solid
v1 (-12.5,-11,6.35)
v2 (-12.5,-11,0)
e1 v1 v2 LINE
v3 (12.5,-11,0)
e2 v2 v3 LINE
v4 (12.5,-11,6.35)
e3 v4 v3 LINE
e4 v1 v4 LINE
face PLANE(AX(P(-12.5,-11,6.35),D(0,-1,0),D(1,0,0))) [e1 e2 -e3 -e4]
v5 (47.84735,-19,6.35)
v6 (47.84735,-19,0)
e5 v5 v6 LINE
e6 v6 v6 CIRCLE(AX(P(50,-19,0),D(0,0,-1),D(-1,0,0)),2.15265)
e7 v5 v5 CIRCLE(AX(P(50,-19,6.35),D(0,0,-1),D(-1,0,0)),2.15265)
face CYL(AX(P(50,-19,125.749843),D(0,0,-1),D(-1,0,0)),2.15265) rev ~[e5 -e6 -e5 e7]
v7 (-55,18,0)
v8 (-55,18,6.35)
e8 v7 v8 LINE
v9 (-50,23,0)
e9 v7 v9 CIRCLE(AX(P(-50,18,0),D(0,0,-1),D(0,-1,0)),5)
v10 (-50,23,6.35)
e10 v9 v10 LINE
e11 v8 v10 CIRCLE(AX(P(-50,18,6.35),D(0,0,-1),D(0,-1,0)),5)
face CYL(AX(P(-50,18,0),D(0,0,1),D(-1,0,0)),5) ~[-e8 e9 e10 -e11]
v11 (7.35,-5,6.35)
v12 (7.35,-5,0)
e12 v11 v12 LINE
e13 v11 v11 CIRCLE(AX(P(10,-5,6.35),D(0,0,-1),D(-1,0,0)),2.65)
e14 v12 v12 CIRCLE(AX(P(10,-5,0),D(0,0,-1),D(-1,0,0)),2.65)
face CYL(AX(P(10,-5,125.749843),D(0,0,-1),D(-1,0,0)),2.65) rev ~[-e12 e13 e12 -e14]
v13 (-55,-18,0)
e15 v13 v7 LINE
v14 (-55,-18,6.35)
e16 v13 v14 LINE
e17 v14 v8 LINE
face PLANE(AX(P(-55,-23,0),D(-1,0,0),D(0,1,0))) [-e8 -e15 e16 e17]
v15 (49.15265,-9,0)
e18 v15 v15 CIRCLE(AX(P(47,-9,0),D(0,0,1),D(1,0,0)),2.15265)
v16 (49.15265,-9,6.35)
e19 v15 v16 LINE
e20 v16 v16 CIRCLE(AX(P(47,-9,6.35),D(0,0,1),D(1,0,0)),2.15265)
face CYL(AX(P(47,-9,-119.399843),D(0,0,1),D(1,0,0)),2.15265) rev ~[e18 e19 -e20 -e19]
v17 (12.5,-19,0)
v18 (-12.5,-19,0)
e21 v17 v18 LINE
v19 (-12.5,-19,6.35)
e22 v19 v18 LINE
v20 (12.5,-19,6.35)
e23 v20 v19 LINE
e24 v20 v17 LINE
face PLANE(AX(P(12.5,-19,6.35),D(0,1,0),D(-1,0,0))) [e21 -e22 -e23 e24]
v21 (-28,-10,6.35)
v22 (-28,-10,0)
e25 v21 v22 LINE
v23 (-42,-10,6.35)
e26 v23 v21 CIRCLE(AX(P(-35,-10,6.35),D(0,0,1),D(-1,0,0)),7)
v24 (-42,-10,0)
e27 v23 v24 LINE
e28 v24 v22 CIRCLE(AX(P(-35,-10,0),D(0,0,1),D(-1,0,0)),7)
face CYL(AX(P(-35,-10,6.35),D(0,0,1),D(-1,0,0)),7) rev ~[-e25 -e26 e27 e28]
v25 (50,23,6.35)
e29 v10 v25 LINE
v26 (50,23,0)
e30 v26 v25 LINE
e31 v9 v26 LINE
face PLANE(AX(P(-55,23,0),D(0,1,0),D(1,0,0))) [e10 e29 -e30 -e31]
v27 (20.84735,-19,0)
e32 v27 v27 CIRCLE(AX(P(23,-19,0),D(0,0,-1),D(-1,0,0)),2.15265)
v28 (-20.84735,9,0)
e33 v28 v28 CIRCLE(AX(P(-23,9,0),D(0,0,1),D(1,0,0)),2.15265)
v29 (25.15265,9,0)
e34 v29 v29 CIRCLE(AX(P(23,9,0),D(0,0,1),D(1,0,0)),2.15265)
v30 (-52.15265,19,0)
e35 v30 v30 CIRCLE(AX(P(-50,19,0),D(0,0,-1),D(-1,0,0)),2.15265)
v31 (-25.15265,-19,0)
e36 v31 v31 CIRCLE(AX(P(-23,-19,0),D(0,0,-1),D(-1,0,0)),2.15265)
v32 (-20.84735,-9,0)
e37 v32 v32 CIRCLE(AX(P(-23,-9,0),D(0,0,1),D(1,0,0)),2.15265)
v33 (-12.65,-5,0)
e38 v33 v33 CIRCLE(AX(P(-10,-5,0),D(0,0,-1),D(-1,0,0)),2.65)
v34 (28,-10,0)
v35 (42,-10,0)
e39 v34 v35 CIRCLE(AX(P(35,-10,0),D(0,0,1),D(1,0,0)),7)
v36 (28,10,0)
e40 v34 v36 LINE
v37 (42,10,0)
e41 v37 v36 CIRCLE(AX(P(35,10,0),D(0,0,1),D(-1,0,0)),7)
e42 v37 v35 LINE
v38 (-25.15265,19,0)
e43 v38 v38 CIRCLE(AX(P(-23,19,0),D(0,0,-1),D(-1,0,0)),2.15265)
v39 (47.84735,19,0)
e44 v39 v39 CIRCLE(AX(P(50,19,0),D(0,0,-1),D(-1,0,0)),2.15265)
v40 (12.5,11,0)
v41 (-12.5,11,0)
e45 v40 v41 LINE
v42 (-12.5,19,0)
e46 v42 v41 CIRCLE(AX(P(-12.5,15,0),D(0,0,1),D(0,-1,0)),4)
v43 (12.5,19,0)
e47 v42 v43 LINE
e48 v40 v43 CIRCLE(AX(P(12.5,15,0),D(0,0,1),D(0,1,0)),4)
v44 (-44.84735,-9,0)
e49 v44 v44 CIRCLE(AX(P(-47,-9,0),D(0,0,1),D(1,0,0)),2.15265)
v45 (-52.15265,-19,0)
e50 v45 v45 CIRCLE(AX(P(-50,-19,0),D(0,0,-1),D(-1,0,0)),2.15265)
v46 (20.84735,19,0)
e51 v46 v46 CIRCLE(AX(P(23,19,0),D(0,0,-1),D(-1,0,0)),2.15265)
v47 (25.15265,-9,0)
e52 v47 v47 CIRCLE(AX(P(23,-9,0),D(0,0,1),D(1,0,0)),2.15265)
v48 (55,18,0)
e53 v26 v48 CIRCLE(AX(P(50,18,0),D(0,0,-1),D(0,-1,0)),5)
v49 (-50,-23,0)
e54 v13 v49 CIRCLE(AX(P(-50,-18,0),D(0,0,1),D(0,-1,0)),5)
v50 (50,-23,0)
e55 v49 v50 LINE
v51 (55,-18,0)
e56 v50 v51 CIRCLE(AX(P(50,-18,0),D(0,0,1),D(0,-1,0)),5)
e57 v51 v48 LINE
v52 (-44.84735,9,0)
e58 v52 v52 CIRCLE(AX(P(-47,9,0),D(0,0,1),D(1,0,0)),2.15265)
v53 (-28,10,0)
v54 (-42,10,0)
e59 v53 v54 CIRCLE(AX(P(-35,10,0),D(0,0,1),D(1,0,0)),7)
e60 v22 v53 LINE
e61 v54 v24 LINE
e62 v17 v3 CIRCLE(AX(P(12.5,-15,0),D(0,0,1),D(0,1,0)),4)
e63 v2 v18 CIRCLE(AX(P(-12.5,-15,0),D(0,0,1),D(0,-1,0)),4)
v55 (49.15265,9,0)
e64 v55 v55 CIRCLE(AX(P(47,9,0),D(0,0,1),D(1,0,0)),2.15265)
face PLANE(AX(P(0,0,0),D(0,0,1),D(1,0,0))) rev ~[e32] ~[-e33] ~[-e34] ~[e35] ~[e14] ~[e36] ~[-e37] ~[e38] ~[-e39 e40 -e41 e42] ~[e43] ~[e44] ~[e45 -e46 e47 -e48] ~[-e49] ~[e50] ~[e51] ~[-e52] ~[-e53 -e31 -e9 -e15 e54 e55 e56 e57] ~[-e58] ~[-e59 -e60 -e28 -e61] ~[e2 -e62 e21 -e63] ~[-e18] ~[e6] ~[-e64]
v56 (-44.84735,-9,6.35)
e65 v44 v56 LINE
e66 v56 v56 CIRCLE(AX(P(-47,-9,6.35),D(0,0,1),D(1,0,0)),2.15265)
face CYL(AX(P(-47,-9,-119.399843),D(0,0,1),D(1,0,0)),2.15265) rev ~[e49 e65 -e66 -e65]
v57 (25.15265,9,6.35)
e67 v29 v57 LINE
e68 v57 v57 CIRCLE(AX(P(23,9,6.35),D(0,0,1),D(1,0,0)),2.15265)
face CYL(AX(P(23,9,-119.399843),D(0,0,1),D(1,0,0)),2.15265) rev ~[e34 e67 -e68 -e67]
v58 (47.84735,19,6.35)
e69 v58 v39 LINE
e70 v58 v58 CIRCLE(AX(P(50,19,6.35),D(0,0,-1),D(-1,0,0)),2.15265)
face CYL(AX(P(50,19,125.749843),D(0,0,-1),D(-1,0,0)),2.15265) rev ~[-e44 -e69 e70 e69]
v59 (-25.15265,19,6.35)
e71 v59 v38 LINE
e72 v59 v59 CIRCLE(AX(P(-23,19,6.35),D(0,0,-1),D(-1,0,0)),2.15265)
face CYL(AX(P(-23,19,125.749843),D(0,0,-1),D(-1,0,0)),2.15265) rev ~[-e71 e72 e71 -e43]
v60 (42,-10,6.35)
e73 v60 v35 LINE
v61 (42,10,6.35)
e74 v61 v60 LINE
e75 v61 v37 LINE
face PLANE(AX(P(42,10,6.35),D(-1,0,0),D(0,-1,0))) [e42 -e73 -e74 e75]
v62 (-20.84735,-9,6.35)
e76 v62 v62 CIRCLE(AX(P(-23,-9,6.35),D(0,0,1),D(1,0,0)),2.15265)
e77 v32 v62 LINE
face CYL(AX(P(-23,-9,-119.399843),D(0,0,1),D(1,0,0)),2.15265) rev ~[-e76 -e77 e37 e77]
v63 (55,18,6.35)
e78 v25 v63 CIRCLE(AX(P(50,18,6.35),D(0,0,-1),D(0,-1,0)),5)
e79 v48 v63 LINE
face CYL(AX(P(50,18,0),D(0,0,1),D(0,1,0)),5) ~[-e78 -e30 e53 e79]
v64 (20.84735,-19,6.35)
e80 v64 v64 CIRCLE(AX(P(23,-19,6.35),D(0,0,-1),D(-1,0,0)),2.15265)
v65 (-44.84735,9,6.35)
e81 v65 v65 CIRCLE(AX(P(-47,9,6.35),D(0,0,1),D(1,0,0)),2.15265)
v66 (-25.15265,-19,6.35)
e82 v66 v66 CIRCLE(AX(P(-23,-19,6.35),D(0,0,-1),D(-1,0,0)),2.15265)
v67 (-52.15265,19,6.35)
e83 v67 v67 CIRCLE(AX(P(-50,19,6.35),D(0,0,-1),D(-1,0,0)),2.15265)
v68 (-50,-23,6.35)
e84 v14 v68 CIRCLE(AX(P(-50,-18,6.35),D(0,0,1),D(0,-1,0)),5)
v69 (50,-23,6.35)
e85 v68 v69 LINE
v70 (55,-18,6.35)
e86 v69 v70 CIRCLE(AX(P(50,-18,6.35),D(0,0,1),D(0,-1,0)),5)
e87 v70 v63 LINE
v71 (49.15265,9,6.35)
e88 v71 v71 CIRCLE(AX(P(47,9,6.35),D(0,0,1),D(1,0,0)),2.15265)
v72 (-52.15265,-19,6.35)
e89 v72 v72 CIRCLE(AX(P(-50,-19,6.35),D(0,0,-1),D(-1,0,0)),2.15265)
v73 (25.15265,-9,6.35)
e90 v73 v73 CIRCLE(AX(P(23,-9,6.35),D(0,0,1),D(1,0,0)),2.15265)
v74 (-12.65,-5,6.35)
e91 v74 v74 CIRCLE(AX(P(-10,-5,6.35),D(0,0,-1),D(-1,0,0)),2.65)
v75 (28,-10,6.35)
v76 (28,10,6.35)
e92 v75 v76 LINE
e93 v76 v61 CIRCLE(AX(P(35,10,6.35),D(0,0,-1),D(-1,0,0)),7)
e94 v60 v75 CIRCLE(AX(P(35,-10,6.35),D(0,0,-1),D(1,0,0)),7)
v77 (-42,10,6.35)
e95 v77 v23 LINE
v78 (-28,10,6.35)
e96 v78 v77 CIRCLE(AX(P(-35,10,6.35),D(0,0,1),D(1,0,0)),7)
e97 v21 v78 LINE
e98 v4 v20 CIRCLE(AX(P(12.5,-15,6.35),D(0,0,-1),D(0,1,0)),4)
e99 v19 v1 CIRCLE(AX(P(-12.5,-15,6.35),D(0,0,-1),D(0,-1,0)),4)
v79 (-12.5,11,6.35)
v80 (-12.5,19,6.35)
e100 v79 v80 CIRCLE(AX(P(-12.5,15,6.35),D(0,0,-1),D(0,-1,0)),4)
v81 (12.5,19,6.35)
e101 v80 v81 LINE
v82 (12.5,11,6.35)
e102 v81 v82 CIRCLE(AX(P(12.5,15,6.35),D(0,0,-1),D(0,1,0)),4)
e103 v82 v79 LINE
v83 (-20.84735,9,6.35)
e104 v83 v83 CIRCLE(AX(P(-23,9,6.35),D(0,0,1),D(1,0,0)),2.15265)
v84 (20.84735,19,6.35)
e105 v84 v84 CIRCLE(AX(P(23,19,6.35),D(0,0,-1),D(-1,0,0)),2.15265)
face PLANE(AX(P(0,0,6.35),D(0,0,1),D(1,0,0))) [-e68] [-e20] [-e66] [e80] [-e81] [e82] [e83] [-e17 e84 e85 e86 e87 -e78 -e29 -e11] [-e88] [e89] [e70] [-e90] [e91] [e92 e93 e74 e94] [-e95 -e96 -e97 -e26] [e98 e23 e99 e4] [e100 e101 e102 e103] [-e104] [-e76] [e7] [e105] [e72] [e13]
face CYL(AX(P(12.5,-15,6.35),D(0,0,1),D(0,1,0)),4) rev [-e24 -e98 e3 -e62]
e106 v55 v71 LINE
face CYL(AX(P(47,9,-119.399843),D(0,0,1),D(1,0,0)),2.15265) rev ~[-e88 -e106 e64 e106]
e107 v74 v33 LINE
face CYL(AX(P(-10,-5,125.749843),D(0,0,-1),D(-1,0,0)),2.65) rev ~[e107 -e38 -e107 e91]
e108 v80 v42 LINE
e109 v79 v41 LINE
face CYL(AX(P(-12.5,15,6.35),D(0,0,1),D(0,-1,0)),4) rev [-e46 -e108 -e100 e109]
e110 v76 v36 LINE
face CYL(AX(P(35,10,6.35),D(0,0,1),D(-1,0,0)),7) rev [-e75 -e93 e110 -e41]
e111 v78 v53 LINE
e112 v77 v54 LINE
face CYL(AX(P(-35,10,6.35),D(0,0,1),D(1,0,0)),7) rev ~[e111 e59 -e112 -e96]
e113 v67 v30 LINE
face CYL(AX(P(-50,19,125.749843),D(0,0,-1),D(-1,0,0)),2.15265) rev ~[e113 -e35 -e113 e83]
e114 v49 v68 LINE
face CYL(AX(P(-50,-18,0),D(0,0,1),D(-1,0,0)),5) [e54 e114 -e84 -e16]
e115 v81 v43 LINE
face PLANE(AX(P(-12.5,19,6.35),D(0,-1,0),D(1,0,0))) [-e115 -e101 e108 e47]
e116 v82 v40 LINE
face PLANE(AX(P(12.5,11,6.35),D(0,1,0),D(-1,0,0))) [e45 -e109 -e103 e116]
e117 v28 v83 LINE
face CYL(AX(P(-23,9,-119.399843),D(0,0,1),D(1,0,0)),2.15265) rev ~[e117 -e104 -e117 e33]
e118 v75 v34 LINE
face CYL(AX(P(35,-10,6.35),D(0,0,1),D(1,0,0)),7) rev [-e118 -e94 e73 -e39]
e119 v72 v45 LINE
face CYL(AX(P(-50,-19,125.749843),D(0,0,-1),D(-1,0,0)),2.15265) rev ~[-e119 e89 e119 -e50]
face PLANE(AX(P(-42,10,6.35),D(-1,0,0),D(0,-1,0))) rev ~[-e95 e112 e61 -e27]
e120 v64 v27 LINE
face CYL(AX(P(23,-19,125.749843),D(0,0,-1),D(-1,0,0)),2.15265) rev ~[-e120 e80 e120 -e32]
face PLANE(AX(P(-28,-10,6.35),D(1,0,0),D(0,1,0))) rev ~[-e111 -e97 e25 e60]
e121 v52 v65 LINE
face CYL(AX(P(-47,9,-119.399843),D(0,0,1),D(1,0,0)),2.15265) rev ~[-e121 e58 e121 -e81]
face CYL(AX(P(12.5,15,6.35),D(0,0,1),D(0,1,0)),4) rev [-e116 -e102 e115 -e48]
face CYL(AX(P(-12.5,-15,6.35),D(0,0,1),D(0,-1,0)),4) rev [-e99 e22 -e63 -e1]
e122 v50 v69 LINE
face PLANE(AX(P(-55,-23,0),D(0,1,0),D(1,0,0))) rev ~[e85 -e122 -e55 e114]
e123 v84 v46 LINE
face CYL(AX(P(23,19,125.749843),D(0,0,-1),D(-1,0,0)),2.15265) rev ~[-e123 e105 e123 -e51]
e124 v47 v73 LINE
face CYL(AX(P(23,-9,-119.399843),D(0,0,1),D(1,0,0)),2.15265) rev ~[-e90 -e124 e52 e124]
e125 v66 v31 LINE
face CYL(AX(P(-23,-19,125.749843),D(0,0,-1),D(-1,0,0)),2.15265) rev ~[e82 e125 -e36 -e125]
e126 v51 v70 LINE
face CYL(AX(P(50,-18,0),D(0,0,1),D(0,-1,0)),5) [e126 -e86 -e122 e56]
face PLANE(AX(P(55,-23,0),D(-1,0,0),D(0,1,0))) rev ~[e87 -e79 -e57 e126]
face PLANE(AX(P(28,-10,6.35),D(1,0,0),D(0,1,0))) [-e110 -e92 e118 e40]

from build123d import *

# Parameters (mm, degrees)
SKETCH1_W             = 110
SKETCH1_H             = 46
BOSS_EXTRUDE1_DEPTH   = 6.35
F_8_CLEARANCE_HOLE2_D = 4.3053
FILLET1_R             = 5
M5_CLEARANCE_HOLE1_D  = 5.3
F_8_CLEARANCE_HOLE1_D = 4.3053
SKETCH13_R            = 2.15265
CUT_EXTRUDE2_DEPTH    = 10
CUT_EXTRUDE3_DEPTH    = 7.35


with BuildPart() as part:
    # Sketch1 → Boss-Extrude1 (new body)
    with BuildSketch(Plane.XY):
        Rectangle(SKETCH1_W, SKETCH1_H)
    extrude(amount=BOSS_EXTRUDE1_DEPTH)

    # #8 Clearance Hole2 (through all)
    with Locations(Plane(origin=(0, 0, 0), x_dir=(-1, 0, 0), z_dir=(0, 0, -1))):
        with Locations((-47, 9), (-23, 9), (-23, -9), (-47, -9), (23, -9), (23, 9), (47, 9), (47, -9)):
            Hole(F_8_CLEARANCE_HOLE2_D / 2)

    # Fillet1
    fillet1_edges = [part.edges().sort_by_distance(p)[0] for p in [
        (-55, -23, 3.175),
        (-55, 23, 3.175),
        (55, 23, 3.175),
        (55, -23, 3.175),
    ]]
    fillet(fillet1_edges, radius=FILLET1_R)

    # M5 Clearance Hole1 (through all)
    with Locations(Plane.XY.offset(6.35)):
        with Locations((-10, -5), (10, -5)):
            Hole(M5_CLEARANCE_HOLE1_D / 2)

    # #8 Clearance Hole1 (through all)
    with Locations(Plane.XY.offset(6.35)):
        with Locations((-23, 19), (-23, -19), (23, -19), (23, 19), (-50, 19), (-50, -19), (50, -19), (50, 19)):
            Hole(F_8_CLEARANCE_HOLE1_D / 2)

    # Sketch13 → Cut-Extrude2 (cut)
    with BuildSketch(Plane.XY.offset(6.35)):
        with Locations((47, 9)):
            Circle(SKETCH13_R)
        with Locations((23, -9)):
            Circle(SKETCH13_R)
        with Locations((23, 9)):
            Circle(SKETCH13_R)
        with Locations((47, -9)):
            Circle(SKETCH13_R)
        with BuildLine():
            Line((42, 10), (42, -10))
            ThreePointArc((42, -10), (35, -17), (28, -10))
            Line((28, -10), (28, 10))
            ThreePointArc((28, 10), (35, 17), (42, 10))
        make_face()
        with BuildLine():
            Line((-42, 10), (-42, -10))
            ThreePointArc((-42, -10), (-35, -17), (-28, -10))
            Line((-28, -10), (-28, 10))
            ThreePointArc((-28, 10), (-35, 17), (-42, 10))
        make_face()
    extrude(amount=-CUT_EXTRUDE2_DEPTH, mode=Mode.SUBTRACT)

    # Sketch14 → Cut-Extrude3 (cut, through all)
    with BuildSketch(Plane.XY.offset(6.35)):
        with BuildLine():
            Line((-12.5, -11), (12.5, -11))
            ThreePointArc((12.5, -11), (16.5, -15), (12.5, -19))
            Line((12.5, -19), (-12.5, -19))
            ThreePointArc((-12.5, -19), (-16.5, -15), (-12.5, -11))
        make_face()
        with BuildLine():
            Line((-12.5, 19), (12.5, 19))
            ThreePointArc((12.5, 19), (16.5, 15), (12.5, 11))
            Line((12.5, 11), (-12.5, 11))
            ThreePointArc((-12.5, 11), (-16.5, 15), (-12.5, 19))
        make_face()
    extrude(amount=-CUT_EXTRUDE3_DEPTH, mode=Mode.SUBTRACT)


solid = part.part
